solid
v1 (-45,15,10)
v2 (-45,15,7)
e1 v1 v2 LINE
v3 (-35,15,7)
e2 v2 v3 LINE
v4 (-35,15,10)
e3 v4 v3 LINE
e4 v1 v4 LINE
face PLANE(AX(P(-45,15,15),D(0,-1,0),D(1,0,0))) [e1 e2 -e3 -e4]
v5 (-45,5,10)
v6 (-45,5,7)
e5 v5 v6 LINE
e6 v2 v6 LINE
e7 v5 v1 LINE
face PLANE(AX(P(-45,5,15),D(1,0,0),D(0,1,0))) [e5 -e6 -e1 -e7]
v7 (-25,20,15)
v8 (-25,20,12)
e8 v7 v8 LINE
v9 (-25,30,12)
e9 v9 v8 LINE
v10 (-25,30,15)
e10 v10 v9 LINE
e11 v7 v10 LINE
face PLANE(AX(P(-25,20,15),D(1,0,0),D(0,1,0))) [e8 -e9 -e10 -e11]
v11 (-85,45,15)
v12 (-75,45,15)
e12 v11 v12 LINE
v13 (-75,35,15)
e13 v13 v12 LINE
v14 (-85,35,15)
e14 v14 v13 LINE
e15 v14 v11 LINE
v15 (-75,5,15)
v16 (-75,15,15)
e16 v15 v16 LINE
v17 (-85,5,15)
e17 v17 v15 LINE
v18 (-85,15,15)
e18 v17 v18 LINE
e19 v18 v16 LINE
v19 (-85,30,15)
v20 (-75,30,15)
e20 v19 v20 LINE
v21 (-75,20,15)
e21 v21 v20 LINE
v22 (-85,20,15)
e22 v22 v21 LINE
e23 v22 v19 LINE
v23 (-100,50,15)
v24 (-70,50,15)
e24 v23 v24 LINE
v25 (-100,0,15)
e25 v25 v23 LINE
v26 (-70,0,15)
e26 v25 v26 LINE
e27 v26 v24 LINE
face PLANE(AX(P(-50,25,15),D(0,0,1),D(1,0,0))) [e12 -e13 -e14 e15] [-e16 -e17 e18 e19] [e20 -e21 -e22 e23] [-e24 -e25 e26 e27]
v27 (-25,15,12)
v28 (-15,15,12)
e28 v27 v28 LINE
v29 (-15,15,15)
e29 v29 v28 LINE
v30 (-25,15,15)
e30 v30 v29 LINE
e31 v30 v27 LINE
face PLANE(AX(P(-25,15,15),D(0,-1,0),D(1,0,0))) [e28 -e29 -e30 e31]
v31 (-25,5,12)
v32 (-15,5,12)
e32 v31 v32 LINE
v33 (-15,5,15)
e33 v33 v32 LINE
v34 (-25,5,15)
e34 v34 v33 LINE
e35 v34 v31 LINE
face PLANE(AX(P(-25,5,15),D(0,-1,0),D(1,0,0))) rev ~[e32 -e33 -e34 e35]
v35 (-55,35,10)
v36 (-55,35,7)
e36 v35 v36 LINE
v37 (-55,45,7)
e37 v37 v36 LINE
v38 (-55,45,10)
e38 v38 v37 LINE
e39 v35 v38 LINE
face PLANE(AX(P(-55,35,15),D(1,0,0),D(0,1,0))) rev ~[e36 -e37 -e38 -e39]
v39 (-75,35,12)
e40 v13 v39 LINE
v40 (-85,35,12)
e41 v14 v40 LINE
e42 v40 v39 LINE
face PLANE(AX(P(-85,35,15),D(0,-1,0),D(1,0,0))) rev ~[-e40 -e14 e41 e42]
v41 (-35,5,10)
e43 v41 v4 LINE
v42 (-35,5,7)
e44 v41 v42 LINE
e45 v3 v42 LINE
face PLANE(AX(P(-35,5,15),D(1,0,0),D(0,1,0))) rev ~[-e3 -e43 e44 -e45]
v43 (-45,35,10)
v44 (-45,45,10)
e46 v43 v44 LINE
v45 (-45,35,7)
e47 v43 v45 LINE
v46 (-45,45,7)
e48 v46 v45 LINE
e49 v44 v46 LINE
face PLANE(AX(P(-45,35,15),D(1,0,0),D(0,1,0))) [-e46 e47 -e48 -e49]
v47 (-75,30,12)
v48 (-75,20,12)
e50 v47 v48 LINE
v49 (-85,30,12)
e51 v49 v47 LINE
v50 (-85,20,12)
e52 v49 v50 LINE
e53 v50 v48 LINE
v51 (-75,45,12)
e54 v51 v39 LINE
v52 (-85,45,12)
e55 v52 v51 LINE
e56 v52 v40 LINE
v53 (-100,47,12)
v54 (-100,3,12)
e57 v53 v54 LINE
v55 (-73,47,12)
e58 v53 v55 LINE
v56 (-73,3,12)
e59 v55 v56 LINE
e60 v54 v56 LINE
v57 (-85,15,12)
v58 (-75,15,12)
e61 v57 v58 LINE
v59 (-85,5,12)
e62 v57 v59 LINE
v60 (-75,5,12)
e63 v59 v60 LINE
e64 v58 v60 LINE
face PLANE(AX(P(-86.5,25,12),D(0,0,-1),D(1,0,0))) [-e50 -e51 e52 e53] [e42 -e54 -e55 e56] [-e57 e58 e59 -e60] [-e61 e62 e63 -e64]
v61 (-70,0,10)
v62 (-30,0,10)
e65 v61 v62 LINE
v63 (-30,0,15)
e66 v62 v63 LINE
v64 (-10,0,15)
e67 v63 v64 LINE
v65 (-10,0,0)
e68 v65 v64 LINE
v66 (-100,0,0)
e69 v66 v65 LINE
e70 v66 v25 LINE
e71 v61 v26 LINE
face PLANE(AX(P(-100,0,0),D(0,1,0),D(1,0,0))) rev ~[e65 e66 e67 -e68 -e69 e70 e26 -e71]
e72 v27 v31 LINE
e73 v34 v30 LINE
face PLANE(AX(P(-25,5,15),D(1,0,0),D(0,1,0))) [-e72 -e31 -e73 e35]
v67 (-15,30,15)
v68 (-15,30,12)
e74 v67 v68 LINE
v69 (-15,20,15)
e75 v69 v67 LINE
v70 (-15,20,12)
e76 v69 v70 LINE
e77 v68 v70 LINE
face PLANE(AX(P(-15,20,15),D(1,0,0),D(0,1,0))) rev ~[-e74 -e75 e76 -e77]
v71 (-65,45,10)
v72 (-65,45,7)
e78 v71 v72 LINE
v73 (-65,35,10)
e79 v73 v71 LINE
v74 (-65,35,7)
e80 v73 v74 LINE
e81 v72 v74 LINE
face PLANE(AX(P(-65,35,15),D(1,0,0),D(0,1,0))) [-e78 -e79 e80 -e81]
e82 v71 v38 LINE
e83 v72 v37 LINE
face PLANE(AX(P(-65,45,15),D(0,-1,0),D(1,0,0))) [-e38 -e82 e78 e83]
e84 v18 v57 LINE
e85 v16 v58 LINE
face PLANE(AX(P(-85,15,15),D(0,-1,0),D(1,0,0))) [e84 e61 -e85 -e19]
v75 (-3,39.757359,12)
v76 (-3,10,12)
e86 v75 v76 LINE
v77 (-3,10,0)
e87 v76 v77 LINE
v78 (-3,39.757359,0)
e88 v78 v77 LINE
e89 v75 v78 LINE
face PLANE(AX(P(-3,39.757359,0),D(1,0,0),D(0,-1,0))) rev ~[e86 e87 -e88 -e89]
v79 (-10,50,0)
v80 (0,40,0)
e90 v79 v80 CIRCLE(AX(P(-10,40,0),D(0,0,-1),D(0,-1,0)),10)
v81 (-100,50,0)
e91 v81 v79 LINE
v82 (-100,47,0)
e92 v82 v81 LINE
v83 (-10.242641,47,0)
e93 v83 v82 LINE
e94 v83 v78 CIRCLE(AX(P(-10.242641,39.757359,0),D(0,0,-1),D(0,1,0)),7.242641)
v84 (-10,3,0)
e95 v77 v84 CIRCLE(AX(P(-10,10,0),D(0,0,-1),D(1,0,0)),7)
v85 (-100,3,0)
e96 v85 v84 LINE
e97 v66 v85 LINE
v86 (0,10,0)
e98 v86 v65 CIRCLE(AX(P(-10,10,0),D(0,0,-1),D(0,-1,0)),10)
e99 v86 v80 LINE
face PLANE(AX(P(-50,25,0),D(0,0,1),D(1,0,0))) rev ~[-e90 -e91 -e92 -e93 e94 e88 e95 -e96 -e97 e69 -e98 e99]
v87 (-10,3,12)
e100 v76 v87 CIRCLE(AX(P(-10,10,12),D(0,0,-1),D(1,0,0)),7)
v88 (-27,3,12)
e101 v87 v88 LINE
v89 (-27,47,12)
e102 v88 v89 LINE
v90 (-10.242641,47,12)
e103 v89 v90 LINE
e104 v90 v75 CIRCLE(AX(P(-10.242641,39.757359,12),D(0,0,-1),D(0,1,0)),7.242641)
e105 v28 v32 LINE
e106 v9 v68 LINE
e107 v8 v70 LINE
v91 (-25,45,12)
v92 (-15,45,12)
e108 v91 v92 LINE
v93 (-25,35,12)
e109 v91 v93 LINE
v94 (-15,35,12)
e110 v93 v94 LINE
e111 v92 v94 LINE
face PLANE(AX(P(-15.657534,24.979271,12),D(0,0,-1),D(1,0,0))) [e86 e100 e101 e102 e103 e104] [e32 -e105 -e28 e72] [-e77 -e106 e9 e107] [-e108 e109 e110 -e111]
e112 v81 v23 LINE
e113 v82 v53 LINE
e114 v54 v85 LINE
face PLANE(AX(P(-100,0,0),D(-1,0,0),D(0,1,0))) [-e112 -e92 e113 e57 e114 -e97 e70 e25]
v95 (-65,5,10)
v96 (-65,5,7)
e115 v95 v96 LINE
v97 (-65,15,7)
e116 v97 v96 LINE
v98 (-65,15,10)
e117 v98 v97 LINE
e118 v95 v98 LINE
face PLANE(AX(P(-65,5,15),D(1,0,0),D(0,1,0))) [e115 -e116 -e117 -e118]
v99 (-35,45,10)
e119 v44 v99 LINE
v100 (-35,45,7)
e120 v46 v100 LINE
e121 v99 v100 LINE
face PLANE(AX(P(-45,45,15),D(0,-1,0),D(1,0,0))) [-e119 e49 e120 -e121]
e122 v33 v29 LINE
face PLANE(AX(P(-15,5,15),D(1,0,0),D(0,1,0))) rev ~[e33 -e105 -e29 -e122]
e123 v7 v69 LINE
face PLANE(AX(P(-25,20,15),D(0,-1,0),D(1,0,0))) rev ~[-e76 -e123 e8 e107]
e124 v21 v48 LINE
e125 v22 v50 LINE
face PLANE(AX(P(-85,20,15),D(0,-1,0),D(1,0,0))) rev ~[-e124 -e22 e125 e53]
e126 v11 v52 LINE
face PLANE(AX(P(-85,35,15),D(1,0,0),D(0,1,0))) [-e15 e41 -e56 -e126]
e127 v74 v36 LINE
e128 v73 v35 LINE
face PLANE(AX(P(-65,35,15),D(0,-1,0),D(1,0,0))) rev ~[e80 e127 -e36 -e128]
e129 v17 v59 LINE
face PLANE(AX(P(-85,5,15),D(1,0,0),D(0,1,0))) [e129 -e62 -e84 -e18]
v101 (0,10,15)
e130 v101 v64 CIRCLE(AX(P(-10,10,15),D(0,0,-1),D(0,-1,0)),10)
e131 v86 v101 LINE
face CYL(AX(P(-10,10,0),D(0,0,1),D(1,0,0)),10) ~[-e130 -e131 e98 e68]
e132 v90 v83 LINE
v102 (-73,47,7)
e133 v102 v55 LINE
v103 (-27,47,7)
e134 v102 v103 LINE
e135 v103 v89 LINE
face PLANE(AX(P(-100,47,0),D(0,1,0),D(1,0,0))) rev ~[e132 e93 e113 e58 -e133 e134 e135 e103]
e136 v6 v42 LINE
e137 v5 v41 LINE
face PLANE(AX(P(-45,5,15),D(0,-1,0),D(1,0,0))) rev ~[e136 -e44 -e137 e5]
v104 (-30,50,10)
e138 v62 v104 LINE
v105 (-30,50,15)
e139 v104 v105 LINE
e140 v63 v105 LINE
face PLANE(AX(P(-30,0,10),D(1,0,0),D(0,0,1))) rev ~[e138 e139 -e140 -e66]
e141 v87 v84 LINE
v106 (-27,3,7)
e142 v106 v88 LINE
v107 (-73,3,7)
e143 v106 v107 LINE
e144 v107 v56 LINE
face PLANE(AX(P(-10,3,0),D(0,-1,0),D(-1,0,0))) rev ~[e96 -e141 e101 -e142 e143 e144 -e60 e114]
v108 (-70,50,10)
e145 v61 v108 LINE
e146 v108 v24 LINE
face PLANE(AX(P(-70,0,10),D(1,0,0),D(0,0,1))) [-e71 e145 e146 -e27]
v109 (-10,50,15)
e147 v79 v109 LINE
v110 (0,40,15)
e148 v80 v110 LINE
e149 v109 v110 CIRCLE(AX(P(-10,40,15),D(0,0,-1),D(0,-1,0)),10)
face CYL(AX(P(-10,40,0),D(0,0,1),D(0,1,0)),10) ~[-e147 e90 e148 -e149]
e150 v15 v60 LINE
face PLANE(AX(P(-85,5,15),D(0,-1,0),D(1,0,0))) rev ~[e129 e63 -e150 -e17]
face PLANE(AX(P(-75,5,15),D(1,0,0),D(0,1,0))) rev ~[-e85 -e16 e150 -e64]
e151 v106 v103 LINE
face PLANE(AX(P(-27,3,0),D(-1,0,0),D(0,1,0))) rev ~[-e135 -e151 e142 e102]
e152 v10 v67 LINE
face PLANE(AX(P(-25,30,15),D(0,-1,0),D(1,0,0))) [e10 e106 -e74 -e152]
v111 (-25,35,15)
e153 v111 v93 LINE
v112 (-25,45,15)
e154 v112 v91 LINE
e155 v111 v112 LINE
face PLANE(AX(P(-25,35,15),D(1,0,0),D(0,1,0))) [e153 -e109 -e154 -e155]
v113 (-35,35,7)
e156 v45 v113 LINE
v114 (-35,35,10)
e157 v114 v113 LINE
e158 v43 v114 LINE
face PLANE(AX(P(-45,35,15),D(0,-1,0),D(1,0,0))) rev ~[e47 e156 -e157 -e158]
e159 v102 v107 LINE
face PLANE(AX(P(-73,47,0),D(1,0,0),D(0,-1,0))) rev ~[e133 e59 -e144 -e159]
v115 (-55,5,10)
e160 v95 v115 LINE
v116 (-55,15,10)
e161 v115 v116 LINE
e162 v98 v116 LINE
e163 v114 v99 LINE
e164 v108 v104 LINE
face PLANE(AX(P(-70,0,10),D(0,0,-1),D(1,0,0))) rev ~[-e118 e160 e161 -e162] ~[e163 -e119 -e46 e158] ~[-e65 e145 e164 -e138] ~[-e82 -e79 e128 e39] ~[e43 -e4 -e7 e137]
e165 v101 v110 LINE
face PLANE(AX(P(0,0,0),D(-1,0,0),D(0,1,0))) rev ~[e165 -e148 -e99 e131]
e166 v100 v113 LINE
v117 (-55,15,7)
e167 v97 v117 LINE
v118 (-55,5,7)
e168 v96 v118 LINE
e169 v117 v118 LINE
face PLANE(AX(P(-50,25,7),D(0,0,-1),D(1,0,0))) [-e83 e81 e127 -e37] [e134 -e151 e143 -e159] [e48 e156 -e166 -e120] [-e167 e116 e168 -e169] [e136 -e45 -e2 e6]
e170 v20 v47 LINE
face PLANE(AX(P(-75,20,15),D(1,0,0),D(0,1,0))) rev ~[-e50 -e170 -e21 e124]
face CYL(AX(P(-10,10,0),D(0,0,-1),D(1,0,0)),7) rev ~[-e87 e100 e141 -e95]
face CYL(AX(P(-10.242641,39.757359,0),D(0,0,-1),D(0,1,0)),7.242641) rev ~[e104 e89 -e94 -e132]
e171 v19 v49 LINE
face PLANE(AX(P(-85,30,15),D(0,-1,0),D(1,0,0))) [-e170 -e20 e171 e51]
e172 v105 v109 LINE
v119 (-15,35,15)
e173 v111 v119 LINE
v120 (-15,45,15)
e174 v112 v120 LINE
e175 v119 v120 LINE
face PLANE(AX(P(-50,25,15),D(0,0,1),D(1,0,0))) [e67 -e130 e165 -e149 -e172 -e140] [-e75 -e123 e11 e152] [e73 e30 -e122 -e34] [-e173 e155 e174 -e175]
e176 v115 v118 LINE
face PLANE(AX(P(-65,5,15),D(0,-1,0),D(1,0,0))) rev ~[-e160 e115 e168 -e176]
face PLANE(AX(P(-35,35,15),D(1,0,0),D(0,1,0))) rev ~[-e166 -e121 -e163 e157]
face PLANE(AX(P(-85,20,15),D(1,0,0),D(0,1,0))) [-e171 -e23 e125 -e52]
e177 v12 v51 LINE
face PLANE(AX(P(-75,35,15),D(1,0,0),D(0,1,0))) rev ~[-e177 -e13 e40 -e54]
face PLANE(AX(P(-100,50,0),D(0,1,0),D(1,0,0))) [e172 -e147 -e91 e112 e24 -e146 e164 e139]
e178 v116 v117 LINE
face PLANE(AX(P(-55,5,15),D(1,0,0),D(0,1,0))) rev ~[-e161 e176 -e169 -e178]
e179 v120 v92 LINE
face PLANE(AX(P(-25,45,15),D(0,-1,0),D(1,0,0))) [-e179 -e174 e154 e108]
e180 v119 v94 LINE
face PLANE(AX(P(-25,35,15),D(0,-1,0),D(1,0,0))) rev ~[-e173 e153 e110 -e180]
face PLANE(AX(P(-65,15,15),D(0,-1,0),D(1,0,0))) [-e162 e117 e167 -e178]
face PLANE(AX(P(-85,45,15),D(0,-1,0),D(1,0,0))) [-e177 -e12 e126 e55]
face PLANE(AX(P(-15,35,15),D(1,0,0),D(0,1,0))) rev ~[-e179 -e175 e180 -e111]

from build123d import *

# Parameters (mm, degrees)
F0_W      = 100
F0_H      = 50
F1_DEPTH  = 15
F2_W      = 10
F2_H      = 10
F3_DEPTH  = 15
F4_R      = 10
F5_R      = 10
F6_W      = 40
F6_H      = 5
F7_DEPTH  = 50
F8_W      = 40
F8_H      = 44
F8_W_2    = 10
F8_H_2    = 10
F8_W_3    = 27
F8_W_4    = 3
F9_DEPTH  = 7
F10_DEPTH = 12


with BuildPart() as f1:
    # F0 (on Top) → F1 (new body)
    with BuildSketch(Plane.XY):
        with Locations((-50, 25)):
            Rectangle(F0_W, F0_H)
    extrude(amount=F1_DEPTH)

    # F2 (on face) → F3 (cut, through all)
    with BuildSketch(Plane.XY.offset(15)):
        with Locations((-20, 40)):
            Rectangle(F2_W, F2_H)
        with Locations((-80, 10)):
            Rectangle(F2_W, F2_H)
        with Locations((-20, 10)):
            Rectangle(F2_W, F2_H)
        with Locations((-20, 25)):
            Rectangle(F2_W, F2_H)
        with Locations((-40, 40)):
            Rectangle(F2_W, F2_H)
        with Locations((-60, 40)):
            Rectangle(F2_W, F2_H)
        with Locations((-60, 10)):
            Rectangle(F2_W, F2_H)
        with Locations((-40, 10)):
            Rectangle(F2_W, F2_H)
        with Locations((-80, 40)):
            Rectangle(F2_W, F2_H)
        with Locations((-80, 25)):
            Rectangle(F2_W, F2_H)
    extrude(amount=-F3_DEPTH, mode=Mode.SUBTRACT)

    # F4
    f4_edges = [f1.edges().sort_by_distance(p)[0] for p in [
        (0, 50, 7.5),
    ]]
    fillet(f4_edges, radius=F4_R)

    # F5
    f5_edges = [f1.edges().sort_by_distance(p)[0] for p in [
        (0, 0, 7.5),
    ]]
    fillet(f5_edges, radius=F5_R)

    # F6 (on face) → F7 (cut, through all)
    with BuildSketch(Plane.XZ):
        with Locations((-50, 12.5)):
            Rectangle(F6_W, F6_H)
    extrude(amount=-F7_DEPTH, mode=Mode.SUBTRACT)

    # F8 (on face) → F9 (cut)
    with BuildSketch(Plane(origin=(0, 0, 0), x_dir=(1, 0, 0), z_dir=(0, 0, -1))):
        with Locations((-50, -25)):
            Rectangle(F8_W, F8_H)
        with Locations((-60, -40)):
            Rectangle(F8_W_2, F8_H_2, mode=Mode.SUBTRACT)
        with Locations((-40, -40)):
            Rectangle(F8_W_2, F8_H_2, mode=Mode.SUBTRACT)
        with Locations((-60, -10)):
            Rectangle(F8_W_2, F8_H_2, mode=Mode.SUBTRACT)
        with Locations((-40, -10)):
            Rectangle(F8_W_2, F8_H_2, mode=Mode.SUBTRACT)
        with Locations((-86.5, -25)):
            Rectangle(F8_W_3, F8_H)
        with Locations((-80, -40)):
            Rectangle(F8_W_2, F8_H_2, mode=Mode.SUBTRACT)
        with Locations((-80, -25)):
            Rectangle(F8_W_2, F8_H_2, mode=Mode.SUBTRACT)
        with Locations((-80, -10)):
            Rectangle(F8_W_2, F8_H_2, mode=Mode.SUBTRACT)
        with BuildLine():
            Line((-27, -3), (-27, -47))
            Line((-27, -47), (-10.2426406871, -47))
            ThreePointArc((-10.2426406871, -47), (-5.1213203436, -44.8786796564), (-3, -39.7573593129))
            Line((-3, -39.7573593129), (-3, -10))
            ThreePointArc((-3, -10), (-5.0502525317, -5.0502525317), (-10, -3))
            Line((-10, -3), (-27, -3))
        make_face()
        with Locations((-20, -40)):
            Rectangle(F8_W_2, F8_H_2, mode=Mode.SUBTRACT)
        with Locations((-20, -25)):
            Rectangle(F8_W_2, F8_H_2, mode=Mode.SUBTRACT)
        with Locations((-20, -10)):
            Rectangle(F8_W_2, F8_H_2, mode=Mode.SUBTRACT)
        with Locations((-28.5, -25)):
            Rectangle(F8_W_4, F8_H)
        with Locations((-71.5, -25)):
            Rectangle(F8_W_4, F8_H)
        with Locations((-20, -40)):
            Rectangle(F8_W_2, F8_H_2)
        with Locations((-80, -25)):
            Rectangle(F8_W_2, F8_H_2)
        with Locations((-80, -10)):
            Rectangle(F8_W_2, F8_H_2)
        with Locations((-20, -25)):
            Rectangle(F8_W_2, F8_H_2)
    extrude(amount=-F9_DEPTH, mode=Mode.SUBTRACT)

    # F8 (on face) → F10 (cut)
    with BuildSketch(Plane(origin=(0, 0, 0), x_dir=(1, 0, 0), z_dir=(0, 0, -1))):
        with Locations((-86.5, -25)):
            Rectangle(F8_W_3, F8_H)
        with Locations((-80, -40)):
            Rectangle(F8_W_2, F8_H_2, mode=Mode.SUBTRACT)
        with Locations((-80, -25)):
            Rectangle(F8_W_2, F8_H_2, mode=Mode.SUBTRACT)
        with Locations((-80, -10)):
            Rectangle(F8_W_2, F8_H_2, mode=Mode.SUBTRACT)
        with BuildLine():
            Line((-27, -3), (-27, -47))
            Line((-27, -47), (-10.2426406871, -47))
            ThreePointArc((-10.2426406871, -47), (-5.1213203436, -44.8786796564), (-3, -39.7573593129))
            Line((-3, -39.7573593129), (-3, -10))
            ThreePointArc((-3, -10), (-5.0502525317, -5.0502525317), (-10, -3))
            Line((-10, -3), (-27, -3))
        make_face()
        with Locations((-20, -40)):
            Rectangle(F8_W_2, F8_H_2, mode=Mode.SUBTRACT)
        with Locations((-20, -25)):
            Rectangle(F8_W_2, F8_H_2, mode=Mode.SUBTRACT)
        with Locations((-20, -10)):
            Rectangle(F8_W_2, F8_H_2, mode=Mode.SUBTRACT)
    extrude(amount=-F10_DEPTH, mode=Mode.SUBTRACT)


solid = f1.part
